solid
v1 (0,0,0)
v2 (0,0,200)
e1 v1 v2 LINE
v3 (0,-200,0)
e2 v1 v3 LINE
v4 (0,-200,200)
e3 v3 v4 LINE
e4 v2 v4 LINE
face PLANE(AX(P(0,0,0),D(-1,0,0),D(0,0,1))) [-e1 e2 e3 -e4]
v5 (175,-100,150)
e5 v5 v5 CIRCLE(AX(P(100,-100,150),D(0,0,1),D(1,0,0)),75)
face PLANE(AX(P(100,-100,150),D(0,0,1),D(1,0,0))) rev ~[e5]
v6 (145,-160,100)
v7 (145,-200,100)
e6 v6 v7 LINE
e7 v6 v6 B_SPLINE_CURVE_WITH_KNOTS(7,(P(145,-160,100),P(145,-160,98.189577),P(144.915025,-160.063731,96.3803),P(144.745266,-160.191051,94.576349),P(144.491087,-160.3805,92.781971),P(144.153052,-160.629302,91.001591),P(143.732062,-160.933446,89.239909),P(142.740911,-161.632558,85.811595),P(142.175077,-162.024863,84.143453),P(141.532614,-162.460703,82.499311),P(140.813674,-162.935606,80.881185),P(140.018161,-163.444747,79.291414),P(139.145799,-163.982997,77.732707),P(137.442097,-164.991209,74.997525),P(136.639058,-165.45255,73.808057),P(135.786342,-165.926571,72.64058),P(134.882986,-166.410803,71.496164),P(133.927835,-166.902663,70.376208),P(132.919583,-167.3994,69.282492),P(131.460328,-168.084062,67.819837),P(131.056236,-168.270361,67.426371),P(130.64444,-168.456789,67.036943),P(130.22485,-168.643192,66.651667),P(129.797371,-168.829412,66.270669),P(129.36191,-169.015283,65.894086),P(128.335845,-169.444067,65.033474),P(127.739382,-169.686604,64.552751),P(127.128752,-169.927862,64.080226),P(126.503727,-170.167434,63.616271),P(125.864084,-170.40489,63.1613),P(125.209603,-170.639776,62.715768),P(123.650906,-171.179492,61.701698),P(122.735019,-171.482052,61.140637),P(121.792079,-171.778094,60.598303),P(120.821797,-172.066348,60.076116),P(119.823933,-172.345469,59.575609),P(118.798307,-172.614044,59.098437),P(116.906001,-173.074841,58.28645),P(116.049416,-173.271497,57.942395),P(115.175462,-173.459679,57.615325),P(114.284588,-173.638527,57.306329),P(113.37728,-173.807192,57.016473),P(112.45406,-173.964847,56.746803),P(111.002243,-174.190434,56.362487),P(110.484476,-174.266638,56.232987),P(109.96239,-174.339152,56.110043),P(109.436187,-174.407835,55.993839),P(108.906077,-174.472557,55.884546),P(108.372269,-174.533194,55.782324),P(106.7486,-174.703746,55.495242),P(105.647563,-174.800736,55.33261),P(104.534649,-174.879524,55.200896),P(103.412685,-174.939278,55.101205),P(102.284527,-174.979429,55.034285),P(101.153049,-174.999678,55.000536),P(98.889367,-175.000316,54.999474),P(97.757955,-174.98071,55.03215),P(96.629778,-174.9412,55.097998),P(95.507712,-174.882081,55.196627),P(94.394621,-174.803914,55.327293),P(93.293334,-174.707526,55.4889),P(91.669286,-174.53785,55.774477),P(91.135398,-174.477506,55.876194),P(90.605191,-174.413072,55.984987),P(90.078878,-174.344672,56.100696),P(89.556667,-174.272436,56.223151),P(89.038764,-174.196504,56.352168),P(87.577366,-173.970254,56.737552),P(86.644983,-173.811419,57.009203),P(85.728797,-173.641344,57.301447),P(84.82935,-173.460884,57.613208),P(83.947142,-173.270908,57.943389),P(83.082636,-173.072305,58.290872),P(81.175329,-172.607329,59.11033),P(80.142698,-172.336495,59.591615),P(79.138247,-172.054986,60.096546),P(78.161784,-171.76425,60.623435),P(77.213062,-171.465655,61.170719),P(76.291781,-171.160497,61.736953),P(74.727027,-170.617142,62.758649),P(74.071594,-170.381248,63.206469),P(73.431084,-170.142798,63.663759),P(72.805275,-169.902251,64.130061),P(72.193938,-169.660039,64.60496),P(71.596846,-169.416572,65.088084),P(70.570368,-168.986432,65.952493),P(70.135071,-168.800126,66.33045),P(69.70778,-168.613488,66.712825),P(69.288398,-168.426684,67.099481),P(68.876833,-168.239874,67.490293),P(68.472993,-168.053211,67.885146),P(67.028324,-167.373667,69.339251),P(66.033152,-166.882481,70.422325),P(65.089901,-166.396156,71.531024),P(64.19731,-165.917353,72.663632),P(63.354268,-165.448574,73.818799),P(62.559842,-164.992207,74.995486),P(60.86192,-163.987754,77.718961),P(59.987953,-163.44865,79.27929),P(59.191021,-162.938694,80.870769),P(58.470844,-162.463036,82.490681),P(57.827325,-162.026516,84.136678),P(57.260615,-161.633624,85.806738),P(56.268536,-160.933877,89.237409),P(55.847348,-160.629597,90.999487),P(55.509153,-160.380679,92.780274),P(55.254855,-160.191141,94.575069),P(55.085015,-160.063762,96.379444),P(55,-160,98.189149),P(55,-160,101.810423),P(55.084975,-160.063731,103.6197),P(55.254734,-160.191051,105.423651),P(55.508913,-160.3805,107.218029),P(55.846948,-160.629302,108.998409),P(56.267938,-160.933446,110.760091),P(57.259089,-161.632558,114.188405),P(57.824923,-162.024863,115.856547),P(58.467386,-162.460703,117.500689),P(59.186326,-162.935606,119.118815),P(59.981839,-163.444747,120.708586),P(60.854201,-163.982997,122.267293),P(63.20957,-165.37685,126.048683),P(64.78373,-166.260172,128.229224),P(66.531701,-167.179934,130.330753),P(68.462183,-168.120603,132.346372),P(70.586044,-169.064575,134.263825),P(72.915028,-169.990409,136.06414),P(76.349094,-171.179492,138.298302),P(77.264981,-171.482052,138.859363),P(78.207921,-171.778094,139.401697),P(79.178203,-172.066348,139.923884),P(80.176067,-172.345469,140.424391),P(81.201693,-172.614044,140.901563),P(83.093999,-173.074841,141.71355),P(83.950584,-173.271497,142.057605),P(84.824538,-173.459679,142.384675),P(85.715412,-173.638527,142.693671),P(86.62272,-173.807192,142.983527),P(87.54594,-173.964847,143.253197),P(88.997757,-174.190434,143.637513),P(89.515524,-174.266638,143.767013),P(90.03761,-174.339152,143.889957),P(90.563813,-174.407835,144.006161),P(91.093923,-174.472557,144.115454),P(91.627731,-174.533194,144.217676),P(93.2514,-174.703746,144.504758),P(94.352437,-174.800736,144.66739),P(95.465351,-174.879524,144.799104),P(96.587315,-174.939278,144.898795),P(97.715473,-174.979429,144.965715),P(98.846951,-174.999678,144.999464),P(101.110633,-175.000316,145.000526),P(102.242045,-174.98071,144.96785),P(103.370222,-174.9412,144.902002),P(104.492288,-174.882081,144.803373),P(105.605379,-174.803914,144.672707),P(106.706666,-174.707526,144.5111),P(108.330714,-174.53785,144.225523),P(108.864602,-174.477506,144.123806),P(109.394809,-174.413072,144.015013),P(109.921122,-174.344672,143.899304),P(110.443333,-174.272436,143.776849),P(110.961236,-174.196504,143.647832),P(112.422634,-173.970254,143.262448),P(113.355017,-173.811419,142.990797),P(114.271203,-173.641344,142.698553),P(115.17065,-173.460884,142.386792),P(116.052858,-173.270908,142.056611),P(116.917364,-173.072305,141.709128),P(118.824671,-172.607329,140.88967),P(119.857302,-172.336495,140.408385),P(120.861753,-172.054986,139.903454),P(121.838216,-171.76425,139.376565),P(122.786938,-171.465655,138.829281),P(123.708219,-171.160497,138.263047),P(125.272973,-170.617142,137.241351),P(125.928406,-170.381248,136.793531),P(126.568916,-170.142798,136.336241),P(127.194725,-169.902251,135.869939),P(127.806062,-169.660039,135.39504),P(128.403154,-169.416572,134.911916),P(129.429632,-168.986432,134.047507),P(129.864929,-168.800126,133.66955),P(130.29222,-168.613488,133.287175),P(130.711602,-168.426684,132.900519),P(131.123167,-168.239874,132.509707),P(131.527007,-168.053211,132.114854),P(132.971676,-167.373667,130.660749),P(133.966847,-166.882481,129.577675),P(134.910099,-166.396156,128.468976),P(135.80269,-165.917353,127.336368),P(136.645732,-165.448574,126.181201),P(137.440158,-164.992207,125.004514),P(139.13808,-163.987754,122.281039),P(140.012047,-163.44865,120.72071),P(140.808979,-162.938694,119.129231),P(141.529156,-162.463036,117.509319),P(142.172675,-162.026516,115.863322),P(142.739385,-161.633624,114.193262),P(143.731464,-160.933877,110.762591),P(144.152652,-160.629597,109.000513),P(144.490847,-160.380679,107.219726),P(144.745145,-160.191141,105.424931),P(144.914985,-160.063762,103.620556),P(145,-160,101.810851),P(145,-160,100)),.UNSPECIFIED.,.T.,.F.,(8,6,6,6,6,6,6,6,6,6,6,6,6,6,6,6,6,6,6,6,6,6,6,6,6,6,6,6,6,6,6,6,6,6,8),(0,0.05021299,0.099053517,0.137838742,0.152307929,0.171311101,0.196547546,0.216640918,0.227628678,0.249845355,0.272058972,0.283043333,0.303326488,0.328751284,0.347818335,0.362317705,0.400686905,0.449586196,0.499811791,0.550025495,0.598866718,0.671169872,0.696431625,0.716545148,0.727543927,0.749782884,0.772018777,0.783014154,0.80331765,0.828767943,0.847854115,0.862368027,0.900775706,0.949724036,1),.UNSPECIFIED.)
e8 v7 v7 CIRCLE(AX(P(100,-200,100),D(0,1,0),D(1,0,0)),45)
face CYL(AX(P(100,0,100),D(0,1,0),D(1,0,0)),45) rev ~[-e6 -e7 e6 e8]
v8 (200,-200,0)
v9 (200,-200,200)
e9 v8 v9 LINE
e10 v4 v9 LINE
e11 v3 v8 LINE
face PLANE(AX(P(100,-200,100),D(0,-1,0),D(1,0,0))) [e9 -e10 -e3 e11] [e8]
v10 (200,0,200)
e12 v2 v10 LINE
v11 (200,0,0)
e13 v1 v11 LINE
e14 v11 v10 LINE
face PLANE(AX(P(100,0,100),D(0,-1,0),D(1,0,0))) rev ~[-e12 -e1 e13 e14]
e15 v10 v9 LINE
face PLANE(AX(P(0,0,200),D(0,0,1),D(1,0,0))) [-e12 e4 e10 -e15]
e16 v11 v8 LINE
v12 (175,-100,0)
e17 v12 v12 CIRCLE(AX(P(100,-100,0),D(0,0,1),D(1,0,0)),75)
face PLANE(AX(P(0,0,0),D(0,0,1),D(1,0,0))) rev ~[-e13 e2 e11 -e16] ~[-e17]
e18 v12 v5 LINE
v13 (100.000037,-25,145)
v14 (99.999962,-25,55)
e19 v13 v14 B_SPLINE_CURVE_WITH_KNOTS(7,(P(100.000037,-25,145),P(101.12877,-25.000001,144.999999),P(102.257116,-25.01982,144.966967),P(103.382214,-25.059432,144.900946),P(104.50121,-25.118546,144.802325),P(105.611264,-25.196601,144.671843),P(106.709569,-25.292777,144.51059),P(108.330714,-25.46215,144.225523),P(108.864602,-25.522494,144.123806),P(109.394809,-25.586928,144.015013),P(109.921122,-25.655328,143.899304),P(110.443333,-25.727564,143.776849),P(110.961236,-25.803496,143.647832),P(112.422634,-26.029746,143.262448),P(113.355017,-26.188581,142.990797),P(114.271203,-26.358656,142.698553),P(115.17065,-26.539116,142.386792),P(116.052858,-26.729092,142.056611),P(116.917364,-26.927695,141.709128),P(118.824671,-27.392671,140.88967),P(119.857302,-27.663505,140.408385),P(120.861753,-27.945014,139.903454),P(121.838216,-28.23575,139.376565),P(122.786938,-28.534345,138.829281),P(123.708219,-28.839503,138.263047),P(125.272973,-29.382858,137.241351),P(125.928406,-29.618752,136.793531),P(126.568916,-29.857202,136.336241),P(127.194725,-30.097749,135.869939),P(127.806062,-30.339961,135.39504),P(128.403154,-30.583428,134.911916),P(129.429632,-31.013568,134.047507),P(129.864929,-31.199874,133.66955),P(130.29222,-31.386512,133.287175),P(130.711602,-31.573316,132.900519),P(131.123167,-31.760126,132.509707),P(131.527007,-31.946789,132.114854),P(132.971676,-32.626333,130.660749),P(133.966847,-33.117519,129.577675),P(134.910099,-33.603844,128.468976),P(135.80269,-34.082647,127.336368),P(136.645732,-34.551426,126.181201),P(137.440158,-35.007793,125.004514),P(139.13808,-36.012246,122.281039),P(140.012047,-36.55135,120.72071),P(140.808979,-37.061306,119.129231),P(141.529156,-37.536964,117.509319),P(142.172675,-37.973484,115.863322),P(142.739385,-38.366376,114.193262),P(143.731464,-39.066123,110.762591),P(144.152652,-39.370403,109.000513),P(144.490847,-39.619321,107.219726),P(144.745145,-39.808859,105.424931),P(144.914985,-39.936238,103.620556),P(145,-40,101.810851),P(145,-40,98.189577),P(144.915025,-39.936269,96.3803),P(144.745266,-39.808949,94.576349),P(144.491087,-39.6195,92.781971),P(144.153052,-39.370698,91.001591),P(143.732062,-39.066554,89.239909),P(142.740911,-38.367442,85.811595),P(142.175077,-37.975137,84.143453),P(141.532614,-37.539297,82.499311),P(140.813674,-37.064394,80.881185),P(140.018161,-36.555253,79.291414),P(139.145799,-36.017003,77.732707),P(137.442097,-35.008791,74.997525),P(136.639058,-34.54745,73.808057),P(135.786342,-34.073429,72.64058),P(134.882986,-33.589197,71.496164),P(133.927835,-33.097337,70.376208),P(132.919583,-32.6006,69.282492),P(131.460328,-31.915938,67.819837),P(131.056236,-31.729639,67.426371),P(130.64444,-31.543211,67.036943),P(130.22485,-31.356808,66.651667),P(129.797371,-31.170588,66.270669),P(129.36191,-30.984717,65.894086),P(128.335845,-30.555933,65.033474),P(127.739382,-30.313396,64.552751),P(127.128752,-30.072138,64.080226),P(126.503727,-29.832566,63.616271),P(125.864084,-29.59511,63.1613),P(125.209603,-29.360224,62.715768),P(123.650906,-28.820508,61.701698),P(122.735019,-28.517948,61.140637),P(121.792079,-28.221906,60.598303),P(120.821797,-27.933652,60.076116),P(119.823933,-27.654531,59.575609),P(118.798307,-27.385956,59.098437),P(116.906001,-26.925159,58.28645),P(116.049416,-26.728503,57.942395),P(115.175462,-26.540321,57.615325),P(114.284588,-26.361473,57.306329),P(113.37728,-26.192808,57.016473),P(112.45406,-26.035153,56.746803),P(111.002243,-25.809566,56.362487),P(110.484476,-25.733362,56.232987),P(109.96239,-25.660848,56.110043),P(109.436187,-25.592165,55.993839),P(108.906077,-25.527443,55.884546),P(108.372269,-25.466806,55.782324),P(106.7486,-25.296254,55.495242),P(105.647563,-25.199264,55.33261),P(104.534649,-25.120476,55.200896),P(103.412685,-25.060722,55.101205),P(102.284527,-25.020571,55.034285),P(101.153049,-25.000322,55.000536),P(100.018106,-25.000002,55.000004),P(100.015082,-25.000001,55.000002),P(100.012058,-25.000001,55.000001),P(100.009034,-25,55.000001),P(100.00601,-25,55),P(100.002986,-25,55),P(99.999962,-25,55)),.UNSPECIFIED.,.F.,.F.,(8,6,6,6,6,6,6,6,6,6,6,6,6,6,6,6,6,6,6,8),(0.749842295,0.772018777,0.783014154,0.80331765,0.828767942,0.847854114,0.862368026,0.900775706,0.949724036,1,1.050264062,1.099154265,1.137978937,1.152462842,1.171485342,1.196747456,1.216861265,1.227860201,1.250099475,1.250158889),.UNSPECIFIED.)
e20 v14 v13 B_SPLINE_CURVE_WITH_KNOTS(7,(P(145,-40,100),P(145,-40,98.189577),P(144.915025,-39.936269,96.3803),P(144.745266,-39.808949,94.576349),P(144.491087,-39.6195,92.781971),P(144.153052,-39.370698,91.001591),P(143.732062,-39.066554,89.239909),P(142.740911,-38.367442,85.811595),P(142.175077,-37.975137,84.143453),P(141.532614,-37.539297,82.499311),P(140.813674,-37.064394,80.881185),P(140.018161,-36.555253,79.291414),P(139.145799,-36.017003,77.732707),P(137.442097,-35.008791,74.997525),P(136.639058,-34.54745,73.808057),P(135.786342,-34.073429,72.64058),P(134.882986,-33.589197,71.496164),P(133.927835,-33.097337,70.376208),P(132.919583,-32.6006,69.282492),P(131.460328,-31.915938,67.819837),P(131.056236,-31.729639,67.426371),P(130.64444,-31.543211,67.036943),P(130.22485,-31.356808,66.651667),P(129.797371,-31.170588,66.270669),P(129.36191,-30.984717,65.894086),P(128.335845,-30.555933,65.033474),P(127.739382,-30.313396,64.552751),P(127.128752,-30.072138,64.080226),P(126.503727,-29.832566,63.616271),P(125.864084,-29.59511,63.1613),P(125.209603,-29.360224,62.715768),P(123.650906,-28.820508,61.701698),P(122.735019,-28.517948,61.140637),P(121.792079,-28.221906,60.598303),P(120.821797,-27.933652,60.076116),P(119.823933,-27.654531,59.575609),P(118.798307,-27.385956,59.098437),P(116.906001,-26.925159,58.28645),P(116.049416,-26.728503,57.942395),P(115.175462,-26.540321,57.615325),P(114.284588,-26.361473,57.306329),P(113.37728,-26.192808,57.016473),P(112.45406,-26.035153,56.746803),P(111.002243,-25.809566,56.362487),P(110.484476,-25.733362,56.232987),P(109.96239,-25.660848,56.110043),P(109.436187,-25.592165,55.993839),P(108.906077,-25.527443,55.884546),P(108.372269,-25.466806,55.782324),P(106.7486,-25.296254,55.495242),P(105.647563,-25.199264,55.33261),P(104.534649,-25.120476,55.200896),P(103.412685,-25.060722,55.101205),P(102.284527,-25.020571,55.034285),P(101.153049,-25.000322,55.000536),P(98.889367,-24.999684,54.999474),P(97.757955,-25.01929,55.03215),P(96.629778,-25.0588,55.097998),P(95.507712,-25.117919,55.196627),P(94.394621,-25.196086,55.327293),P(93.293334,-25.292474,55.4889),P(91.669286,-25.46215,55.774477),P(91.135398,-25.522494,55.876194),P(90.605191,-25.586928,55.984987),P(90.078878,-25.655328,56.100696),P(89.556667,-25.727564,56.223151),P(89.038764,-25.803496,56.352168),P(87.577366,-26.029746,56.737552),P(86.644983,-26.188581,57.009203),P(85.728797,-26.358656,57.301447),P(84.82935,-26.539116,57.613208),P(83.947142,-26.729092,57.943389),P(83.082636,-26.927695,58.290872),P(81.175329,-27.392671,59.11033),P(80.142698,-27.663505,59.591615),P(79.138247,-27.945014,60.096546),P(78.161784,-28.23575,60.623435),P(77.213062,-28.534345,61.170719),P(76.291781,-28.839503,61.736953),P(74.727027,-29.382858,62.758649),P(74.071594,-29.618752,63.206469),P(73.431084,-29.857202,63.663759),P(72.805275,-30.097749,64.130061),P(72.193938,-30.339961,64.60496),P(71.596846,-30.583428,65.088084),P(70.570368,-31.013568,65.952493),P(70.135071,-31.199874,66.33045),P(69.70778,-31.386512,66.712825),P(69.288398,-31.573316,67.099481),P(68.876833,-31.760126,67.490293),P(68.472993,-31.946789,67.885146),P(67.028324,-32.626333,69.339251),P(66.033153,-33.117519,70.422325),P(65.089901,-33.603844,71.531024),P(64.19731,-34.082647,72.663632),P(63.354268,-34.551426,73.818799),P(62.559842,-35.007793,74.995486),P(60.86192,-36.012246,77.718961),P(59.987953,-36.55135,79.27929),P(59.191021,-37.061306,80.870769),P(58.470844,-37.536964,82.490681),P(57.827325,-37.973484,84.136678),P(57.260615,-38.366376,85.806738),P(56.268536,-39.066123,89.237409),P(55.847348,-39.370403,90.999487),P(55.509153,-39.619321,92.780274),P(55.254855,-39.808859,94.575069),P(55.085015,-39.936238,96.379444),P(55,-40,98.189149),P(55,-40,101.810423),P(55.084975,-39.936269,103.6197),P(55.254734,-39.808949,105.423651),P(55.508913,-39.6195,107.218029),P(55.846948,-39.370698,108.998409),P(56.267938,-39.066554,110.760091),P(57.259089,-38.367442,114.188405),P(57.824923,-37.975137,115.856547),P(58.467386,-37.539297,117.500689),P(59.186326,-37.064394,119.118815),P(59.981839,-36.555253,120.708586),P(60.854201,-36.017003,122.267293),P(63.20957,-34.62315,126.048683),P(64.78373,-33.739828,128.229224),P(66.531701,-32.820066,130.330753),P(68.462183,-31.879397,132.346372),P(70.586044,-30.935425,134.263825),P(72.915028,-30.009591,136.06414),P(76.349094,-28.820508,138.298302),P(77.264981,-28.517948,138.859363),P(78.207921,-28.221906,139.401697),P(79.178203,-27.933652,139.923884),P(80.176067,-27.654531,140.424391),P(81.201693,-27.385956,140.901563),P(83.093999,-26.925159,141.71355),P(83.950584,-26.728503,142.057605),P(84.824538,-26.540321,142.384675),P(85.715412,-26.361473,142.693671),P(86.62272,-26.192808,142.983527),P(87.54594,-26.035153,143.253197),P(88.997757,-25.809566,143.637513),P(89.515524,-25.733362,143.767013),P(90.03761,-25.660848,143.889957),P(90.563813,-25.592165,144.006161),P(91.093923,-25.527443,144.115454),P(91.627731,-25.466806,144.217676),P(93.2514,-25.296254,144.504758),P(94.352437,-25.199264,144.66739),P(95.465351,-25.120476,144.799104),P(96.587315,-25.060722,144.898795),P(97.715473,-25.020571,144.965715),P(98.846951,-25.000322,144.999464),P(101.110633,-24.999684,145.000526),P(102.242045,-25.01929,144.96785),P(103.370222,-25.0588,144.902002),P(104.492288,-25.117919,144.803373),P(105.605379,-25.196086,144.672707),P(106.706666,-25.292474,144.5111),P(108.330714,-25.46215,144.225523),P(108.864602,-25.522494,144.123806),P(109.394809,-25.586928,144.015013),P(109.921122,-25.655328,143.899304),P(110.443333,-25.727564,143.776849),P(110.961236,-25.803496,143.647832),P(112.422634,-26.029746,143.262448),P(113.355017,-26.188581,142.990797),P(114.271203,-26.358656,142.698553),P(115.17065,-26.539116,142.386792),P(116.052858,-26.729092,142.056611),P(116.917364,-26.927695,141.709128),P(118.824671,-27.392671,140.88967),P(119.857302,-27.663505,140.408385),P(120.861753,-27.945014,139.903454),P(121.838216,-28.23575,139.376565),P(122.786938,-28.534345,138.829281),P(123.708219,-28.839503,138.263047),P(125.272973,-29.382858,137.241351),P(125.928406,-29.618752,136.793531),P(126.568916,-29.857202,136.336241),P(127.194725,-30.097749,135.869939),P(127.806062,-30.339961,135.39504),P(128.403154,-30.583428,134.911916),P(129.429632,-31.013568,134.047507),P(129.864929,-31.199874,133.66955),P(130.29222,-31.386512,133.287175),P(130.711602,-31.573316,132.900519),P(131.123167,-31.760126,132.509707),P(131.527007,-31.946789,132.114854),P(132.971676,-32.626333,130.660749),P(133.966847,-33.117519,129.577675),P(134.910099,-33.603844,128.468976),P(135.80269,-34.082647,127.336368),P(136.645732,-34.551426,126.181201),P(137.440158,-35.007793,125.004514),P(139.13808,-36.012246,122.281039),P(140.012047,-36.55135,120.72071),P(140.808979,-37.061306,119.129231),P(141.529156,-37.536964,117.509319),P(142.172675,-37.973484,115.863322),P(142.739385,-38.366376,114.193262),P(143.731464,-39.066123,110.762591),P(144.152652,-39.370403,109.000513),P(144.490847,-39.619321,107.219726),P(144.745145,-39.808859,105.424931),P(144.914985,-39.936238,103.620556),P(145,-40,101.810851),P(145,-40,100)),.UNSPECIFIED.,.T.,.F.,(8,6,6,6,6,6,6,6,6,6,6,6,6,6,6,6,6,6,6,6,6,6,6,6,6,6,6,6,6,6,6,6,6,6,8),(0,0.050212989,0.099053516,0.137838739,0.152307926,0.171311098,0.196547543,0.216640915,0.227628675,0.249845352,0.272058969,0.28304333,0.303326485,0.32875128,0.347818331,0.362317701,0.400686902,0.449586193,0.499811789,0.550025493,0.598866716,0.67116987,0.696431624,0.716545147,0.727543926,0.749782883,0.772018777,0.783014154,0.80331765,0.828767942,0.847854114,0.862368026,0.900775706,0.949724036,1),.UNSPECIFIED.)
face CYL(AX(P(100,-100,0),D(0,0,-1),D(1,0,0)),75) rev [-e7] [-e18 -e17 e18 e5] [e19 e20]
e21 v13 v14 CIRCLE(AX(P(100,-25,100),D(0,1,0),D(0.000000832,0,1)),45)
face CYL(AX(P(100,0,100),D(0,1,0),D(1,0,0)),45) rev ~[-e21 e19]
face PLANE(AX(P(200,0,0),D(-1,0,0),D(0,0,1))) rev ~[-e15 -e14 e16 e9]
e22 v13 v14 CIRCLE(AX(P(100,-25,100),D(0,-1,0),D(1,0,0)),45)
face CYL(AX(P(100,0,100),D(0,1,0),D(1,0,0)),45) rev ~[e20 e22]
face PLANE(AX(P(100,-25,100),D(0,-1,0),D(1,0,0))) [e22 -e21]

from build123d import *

# Parameters (mm, degrees)
F0_W     = 200
F0_H     = 200
F1_DEPTH = 200
F3_DEPTH = 150
F4_DEPTH = 25


with BuildPart() as f1:
    # F0 (on Front) → F1 (new body)
    with BuildSketch(Plane.XZ):
        with Locations((100, 100)):
            Rectangle(F0_W, F0_H)
        with BuildLine():
            ThreePointArc((100, 145), (131.8198051534, 131.8198051534), (145, 100))
            ThreePointArc((145, 100), (68.1801948466, 68.1801948466), (100, 145))
        make_face(mode=Mode.SUBTRACT)
    extrude(amount=F1_DEPTH)

    # F2 (on Top) → F3 (cut)
    with BuildSketch(Plane.XY):
        with BuildLine():
            ThreePointArc((100, -175), (153.033008589, -153.033008589), (175, -100))
            ThreePointArc((175, -100), (46.966991411, -46.966991411), (100, -175))
        make_face()
    extrude(amount=F3_DEPTH, mode=Mode.SUBTRACT)

    # F0 (on Front) → F4 (join)
    with BuildSketch(Plane.XZ):
        with BuildLine():
            ThreePointArc((100, 145), (68.1801948466, 68.1801948466), (145, 100))
            ThreePointArc((145, 100), (131.8198051534, 131.8198051534), (100, 145))
        make_face()
    extrude(amount=F4_DEPTH)


solid = f1.part
